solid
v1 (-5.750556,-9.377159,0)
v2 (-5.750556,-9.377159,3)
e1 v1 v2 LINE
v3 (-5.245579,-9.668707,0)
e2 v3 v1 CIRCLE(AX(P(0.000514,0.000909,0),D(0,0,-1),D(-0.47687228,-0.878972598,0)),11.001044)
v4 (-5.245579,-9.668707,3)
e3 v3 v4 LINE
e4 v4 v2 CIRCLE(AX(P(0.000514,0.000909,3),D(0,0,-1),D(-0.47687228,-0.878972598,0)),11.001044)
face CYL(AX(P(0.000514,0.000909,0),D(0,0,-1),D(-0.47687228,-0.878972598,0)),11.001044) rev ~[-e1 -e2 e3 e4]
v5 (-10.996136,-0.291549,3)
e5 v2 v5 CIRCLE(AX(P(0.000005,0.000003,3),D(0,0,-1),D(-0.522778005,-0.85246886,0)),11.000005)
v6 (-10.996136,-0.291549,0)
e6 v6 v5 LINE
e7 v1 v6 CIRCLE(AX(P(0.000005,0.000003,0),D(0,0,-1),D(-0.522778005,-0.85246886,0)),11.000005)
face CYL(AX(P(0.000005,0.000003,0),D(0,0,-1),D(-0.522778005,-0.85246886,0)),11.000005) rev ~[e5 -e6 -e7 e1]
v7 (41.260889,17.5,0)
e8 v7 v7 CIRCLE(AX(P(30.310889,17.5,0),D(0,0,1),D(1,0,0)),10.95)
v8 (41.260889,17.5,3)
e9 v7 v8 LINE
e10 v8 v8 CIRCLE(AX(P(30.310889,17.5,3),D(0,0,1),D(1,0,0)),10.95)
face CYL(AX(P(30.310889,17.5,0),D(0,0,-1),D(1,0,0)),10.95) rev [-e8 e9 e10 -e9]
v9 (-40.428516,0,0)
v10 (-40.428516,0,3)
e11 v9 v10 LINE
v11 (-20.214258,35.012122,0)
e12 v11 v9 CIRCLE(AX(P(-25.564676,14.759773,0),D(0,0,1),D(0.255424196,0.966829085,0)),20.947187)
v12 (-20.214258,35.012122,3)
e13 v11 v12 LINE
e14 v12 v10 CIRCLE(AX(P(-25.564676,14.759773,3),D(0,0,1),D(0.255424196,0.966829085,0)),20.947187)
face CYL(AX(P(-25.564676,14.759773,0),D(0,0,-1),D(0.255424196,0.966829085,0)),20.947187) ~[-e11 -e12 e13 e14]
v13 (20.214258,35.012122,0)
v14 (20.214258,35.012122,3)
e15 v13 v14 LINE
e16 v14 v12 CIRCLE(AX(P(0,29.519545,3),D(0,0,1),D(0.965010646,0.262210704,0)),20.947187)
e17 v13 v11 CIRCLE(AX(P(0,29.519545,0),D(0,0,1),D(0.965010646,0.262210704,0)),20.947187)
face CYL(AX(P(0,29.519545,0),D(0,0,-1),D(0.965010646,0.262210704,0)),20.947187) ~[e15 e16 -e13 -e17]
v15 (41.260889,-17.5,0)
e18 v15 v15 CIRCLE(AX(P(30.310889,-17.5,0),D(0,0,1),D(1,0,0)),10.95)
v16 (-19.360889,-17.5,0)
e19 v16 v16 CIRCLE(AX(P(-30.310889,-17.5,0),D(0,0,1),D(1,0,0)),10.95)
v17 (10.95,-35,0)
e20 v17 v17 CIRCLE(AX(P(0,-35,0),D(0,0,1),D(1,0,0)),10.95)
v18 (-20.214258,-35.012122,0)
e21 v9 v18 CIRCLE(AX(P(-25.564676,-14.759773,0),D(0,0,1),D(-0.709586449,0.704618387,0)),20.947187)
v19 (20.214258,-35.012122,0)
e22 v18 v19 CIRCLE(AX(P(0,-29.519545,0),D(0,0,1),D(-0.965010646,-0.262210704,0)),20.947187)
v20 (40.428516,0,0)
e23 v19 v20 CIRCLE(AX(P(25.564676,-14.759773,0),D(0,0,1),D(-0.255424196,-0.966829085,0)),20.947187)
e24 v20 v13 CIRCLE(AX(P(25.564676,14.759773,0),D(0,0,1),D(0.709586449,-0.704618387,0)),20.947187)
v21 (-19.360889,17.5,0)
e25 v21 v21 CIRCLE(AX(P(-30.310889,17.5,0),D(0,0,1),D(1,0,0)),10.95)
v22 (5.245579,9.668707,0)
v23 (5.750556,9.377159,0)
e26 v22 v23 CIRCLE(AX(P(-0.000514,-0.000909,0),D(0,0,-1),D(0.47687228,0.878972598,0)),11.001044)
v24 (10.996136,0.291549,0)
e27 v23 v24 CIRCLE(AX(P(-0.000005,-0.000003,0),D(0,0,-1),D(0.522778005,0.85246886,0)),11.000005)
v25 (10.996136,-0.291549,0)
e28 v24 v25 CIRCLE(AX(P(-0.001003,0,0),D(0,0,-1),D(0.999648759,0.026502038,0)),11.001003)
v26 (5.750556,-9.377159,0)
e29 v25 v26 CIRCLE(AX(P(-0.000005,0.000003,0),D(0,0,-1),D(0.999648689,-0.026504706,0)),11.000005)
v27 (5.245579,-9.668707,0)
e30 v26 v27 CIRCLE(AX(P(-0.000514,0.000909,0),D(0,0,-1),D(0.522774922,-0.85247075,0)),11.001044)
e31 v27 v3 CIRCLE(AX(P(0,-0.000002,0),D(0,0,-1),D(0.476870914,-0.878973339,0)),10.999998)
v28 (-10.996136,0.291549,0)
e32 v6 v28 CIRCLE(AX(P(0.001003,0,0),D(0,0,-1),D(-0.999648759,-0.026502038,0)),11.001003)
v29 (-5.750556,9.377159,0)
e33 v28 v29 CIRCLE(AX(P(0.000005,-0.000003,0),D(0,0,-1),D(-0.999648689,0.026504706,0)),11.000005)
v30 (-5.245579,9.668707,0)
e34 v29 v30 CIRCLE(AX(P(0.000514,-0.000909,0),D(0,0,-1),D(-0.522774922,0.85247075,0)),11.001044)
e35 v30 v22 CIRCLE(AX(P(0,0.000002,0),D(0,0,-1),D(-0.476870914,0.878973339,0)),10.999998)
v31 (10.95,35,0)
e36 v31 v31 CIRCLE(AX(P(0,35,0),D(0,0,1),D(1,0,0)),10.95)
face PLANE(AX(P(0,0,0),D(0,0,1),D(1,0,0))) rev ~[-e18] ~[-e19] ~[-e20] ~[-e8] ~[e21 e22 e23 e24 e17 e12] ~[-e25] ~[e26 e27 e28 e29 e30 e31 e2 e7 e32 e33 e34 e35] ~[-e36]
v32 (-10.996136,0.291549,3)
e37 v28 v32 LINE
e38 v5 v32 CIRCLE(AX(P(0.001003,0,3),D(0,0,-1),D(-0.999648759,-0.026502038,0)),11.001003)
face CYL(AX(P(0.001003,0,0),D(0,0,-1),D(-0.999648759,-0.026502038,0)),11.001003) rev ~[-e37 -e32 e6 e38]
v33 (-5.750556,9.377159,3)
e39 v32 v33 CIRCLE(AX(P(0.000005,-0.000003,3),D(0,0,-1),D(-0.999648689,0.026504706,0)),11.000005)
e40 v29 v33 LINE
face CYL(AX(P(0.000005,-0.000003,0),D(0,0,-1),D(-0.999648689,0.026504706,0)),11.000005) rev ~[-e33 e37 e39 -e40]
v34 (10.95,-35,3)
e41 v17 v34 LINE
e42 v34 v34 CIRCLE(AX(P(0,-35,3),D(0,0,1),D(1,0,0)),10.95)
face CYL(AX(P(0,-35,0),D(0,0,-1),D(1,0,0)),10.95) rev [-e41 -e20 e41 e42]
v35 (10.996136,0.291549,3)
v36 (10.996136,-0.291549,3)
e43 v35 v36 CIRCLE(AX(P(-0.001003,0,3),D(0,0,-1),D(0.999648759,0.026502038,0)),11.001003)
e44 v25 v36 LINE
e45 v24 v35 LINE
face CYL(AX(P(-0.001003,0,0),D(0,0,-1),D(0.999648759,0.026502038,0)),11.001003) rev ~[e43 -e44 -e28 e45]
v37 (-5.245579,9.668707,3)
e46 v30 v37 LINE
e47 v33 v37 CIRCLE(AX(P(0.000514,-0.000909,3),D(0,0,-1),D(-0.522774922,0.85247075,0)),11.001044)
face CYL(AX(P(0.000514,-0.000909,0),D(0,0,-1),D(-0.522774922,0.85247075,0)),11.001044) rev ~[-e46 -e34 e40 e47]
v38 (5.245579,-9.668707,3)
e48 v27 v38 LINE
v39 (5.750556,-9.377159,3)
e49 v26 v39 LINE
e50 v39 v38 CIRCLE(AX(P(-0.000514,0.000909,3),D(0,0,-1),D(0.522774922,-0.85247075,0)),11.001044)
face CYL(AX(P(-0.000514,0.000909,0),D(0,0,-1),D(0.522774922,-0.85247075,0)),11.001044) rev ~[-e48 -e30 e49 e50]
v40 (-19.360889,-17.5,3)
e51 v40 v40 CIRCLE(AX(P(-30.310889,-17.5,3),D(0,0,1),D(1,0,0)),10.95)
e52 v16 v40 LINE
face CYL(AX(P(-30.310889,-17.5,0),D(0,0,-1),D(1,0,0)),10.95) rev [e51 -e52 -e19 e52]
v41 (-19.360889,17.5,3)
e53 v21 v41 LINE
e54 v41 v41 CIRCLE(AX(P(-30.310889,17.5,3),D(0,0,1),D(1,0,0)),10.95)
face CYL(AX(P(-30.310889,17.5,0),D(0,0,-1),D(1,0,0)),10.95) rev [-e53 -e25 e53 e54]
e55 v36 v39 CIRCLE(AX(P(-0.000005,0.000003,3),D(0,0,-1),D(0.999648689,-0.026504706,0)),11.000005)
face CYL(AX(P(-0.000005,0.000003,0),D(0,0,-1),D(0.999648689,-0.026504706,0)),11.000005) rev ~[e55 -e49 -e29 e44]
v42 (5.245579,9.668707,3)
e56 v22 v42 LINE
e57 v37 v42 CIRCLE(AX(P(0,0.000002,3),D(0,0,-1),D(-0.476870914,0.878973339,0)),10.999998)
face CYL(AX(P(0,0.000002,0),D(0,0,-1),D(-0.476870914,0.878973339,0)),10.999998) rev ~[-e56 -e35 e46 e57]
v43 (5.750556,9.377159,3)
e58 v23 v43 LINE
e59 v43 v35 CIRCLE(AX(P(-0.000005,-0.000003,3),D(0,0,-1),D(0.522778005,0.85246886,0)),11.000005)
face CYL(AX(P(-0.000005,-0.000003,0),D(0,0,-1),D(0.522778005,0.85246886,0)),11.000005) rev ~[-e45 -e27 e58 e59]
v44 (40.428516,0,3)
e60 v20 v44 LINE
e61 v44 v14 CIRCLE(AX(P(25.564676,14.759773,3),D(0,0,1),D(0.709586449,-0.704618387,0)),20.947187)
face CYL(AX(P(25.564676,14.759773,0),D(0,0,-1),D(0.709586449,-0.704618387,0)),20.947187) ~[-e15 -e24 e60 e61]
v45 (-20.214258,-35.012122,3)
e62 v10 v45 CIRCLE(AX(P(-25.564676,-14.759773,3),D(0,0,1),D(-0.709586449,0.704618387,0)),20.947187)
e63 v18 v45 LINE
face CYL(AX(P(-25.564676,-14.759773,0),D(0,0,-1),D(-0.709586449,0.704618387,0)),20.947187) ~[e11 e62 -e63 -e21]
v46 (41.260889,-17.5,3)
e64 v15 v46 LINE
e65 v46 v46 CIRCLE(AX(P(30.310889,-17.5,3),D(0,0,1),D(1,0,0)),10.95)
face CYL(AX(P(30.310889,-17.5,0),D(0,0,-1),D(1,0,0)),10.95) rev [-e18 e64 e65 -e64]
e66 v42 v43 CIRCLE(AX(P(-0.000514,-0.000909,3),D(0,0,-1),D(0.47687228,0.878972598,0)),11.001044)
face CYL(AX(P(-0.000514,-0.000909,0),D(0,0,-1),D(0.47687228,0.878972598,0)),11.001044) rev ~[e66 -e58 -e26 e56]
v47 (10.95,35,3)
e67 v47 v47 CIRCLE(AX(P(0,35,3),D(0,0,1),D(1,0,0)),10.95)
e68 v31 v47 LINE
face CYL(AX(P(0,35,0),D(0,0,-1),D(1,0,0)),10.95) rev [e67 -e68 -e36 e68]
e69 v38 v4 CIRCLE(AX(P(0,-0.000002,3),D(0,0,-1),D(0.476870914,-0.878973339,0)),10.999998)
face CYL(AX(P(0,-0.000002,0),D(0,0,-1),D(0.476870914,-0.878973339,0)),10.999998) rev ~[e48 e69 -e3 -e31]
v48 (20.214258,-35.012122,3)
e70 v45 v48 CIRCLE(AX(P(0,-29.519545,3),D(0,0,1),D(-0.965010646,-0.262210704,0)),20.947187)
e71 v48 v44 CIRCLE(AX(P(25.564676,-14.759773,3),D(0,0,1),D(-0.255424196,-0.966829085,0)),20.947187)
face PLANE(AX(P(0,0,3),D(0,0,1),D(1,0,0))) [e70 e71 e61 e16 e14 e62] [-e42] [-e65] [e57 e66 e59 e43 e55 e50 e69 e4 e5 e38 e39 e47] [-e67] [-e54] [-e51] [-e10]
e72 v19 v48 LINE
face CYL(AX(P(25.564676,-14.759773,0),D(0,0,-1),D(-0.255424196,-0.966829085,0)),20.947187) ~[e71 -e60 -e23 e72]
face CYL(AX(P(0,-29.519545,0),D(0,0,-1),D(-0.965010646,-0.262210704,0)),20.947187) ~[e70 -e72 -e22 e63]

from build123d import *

# Parameters (mm, degrees)
F0_R     = 10.95
F1_DEPTH = 3


with BuildPart() as f1:
    # F0 (on Top) → F1 (new body)
    with BuildSketch(Plane.XY):
        with BuildLine():
            ThreePointArc((10.996136, 0.291549), (9.526279, 5.5), (5.750556, 9.377159))
            ThreePointArc((5.750556, 9.377159), (5.5, 9.526279), (5.245579, 9.668707))
            ThreePointArc((5.245579, 9.668707), (0, 11), (-5.245579, 9.668707))
            ThreePointArc((-5.245579, 9.668707), (-5.5, 9.526279), (-5.750556, 9.377159))
            ThreePointArc((-5.750556, 9.377159), (-9.526279, 5.5), (-10.996136, 0.291549))
            ThreePointArc((-10.996136, 0.291549), (-11, 0), (-10.996136, -0.291549))
            ThreePointArc((-10.996136, -0.291549), (-9.526279, -5.5), (-5.750556, -9.377159))
            ThreePointArc((-5.750556, -9.377159), (-5.5, -9.526279), (-5.245579, -9.668707))
            ThreePointArc((-5.245579, -9.668707), (0, -11), (5.245579, -9.668707))
            ThreePointArc((5.245579, -9.668707), (5.5, -9.526279), (5.750556, -9.377159))
            ThreePointArc((5.750556, -9.377159), (9.526279, -5.5), (10.996136, -0.291549))
            ThreePointArc((10.996136, -0.291549), (11, 0), (10.996136, 0.291549))
        make_face()
        with BuildLine():
            ThreePointArc((40.428516, 0), (43.705472, 25.233366), (20.214258, 35.012122))
            ThreePointArc((20.214258, 35.012122), (0, 50.466732), (-20.214258, 35.012122))
            ThreePointArc((-20.214258, 35.012122), (-43.705472, 25.233366), (-40.428516, 0))
            ThreePointArc((-40.428516, 0), (-43.705472, -25.233366), (-20.214258, -35.012122))
            ThreePointArc((-20.214258, -35.012122), (0, -50.466732), (20.214258, -35.012122))
            ThreePointArc((20.214258, -35.012122), (43.705472, -25.233366), (40.428516, 0))
        make_face()
        with Locations((-30.310889, -17.5)):
            Circle(F0_R, mode=Mode.SUBTRACT)
        with Locations((0, -35)):
            Circle(F0_R, mode=Mode.SUBTRACT)
        with BuildLine():
            ThreePointArc((5.245579, 9.668707), (5.5, 9.526279), (5.750556, 9.377159))
            ThreePointArc((5.750556, 9.377159), (9.526279, 5.5), (10.996136, 0.291549))
            ThreePointArc((10.996136, 0.291549), (11, 0), (10.996136, -0.291549))
            ThreePointArc((10.996136, -0.291549), (9.526279, -5.5), (5.750556, -9.377159))
            ThreePointArc((5.750556, -9.377159), (5.5, -9.526279), (5.245579, -9.668707))
            ThreePointArc((5.245579, -9.668707), (0, -11), (-5.245579, -9.668707))
            ThreePointArc((-5.245579, -9.668707), (-5.5, -9.526279), (-5.750556, -9.377159))
            ThreePointArc((-5.750556, -9.377159), (-9.526279, -5.5), (-10.996136, -0.291549))
            ThreePointArc((-10.996136, -0.291549), (-11, 0), (-10.996136, 0.291549))
            ThreePointArc((-10.996136, 0.291549), (-9.526279, 5.5), (-5.750556, 9.377159))
            ThreePointArc((-5.750556, 9.377159), (-5.5, 9.526279), (-5.245579, 9.668707))
            ThreePointArc((-5.245579, 9.668707), (0, 11), (5.245579, 9.668707))
        make_face(mode=Mode.SUBTRACT)
        with Locations((30.310889, -17.5)):
            Circle(F0_R, mode=Mode.SUBTRACT)
        with Locations((-30.310889, 17.5)):
            Circle(F0_R, mode=Mode.SUBTRACT)
        with Locations((30.310889, 17.5)):
            Circle(F0_R, mode=Mode.SUBTRACT)
        with Locations((0, 35)):
            Circle(F0_R, mode=Mode.SUBTRACT)
    extrude(amount=F1_DEPTH)


solid = f1.part
